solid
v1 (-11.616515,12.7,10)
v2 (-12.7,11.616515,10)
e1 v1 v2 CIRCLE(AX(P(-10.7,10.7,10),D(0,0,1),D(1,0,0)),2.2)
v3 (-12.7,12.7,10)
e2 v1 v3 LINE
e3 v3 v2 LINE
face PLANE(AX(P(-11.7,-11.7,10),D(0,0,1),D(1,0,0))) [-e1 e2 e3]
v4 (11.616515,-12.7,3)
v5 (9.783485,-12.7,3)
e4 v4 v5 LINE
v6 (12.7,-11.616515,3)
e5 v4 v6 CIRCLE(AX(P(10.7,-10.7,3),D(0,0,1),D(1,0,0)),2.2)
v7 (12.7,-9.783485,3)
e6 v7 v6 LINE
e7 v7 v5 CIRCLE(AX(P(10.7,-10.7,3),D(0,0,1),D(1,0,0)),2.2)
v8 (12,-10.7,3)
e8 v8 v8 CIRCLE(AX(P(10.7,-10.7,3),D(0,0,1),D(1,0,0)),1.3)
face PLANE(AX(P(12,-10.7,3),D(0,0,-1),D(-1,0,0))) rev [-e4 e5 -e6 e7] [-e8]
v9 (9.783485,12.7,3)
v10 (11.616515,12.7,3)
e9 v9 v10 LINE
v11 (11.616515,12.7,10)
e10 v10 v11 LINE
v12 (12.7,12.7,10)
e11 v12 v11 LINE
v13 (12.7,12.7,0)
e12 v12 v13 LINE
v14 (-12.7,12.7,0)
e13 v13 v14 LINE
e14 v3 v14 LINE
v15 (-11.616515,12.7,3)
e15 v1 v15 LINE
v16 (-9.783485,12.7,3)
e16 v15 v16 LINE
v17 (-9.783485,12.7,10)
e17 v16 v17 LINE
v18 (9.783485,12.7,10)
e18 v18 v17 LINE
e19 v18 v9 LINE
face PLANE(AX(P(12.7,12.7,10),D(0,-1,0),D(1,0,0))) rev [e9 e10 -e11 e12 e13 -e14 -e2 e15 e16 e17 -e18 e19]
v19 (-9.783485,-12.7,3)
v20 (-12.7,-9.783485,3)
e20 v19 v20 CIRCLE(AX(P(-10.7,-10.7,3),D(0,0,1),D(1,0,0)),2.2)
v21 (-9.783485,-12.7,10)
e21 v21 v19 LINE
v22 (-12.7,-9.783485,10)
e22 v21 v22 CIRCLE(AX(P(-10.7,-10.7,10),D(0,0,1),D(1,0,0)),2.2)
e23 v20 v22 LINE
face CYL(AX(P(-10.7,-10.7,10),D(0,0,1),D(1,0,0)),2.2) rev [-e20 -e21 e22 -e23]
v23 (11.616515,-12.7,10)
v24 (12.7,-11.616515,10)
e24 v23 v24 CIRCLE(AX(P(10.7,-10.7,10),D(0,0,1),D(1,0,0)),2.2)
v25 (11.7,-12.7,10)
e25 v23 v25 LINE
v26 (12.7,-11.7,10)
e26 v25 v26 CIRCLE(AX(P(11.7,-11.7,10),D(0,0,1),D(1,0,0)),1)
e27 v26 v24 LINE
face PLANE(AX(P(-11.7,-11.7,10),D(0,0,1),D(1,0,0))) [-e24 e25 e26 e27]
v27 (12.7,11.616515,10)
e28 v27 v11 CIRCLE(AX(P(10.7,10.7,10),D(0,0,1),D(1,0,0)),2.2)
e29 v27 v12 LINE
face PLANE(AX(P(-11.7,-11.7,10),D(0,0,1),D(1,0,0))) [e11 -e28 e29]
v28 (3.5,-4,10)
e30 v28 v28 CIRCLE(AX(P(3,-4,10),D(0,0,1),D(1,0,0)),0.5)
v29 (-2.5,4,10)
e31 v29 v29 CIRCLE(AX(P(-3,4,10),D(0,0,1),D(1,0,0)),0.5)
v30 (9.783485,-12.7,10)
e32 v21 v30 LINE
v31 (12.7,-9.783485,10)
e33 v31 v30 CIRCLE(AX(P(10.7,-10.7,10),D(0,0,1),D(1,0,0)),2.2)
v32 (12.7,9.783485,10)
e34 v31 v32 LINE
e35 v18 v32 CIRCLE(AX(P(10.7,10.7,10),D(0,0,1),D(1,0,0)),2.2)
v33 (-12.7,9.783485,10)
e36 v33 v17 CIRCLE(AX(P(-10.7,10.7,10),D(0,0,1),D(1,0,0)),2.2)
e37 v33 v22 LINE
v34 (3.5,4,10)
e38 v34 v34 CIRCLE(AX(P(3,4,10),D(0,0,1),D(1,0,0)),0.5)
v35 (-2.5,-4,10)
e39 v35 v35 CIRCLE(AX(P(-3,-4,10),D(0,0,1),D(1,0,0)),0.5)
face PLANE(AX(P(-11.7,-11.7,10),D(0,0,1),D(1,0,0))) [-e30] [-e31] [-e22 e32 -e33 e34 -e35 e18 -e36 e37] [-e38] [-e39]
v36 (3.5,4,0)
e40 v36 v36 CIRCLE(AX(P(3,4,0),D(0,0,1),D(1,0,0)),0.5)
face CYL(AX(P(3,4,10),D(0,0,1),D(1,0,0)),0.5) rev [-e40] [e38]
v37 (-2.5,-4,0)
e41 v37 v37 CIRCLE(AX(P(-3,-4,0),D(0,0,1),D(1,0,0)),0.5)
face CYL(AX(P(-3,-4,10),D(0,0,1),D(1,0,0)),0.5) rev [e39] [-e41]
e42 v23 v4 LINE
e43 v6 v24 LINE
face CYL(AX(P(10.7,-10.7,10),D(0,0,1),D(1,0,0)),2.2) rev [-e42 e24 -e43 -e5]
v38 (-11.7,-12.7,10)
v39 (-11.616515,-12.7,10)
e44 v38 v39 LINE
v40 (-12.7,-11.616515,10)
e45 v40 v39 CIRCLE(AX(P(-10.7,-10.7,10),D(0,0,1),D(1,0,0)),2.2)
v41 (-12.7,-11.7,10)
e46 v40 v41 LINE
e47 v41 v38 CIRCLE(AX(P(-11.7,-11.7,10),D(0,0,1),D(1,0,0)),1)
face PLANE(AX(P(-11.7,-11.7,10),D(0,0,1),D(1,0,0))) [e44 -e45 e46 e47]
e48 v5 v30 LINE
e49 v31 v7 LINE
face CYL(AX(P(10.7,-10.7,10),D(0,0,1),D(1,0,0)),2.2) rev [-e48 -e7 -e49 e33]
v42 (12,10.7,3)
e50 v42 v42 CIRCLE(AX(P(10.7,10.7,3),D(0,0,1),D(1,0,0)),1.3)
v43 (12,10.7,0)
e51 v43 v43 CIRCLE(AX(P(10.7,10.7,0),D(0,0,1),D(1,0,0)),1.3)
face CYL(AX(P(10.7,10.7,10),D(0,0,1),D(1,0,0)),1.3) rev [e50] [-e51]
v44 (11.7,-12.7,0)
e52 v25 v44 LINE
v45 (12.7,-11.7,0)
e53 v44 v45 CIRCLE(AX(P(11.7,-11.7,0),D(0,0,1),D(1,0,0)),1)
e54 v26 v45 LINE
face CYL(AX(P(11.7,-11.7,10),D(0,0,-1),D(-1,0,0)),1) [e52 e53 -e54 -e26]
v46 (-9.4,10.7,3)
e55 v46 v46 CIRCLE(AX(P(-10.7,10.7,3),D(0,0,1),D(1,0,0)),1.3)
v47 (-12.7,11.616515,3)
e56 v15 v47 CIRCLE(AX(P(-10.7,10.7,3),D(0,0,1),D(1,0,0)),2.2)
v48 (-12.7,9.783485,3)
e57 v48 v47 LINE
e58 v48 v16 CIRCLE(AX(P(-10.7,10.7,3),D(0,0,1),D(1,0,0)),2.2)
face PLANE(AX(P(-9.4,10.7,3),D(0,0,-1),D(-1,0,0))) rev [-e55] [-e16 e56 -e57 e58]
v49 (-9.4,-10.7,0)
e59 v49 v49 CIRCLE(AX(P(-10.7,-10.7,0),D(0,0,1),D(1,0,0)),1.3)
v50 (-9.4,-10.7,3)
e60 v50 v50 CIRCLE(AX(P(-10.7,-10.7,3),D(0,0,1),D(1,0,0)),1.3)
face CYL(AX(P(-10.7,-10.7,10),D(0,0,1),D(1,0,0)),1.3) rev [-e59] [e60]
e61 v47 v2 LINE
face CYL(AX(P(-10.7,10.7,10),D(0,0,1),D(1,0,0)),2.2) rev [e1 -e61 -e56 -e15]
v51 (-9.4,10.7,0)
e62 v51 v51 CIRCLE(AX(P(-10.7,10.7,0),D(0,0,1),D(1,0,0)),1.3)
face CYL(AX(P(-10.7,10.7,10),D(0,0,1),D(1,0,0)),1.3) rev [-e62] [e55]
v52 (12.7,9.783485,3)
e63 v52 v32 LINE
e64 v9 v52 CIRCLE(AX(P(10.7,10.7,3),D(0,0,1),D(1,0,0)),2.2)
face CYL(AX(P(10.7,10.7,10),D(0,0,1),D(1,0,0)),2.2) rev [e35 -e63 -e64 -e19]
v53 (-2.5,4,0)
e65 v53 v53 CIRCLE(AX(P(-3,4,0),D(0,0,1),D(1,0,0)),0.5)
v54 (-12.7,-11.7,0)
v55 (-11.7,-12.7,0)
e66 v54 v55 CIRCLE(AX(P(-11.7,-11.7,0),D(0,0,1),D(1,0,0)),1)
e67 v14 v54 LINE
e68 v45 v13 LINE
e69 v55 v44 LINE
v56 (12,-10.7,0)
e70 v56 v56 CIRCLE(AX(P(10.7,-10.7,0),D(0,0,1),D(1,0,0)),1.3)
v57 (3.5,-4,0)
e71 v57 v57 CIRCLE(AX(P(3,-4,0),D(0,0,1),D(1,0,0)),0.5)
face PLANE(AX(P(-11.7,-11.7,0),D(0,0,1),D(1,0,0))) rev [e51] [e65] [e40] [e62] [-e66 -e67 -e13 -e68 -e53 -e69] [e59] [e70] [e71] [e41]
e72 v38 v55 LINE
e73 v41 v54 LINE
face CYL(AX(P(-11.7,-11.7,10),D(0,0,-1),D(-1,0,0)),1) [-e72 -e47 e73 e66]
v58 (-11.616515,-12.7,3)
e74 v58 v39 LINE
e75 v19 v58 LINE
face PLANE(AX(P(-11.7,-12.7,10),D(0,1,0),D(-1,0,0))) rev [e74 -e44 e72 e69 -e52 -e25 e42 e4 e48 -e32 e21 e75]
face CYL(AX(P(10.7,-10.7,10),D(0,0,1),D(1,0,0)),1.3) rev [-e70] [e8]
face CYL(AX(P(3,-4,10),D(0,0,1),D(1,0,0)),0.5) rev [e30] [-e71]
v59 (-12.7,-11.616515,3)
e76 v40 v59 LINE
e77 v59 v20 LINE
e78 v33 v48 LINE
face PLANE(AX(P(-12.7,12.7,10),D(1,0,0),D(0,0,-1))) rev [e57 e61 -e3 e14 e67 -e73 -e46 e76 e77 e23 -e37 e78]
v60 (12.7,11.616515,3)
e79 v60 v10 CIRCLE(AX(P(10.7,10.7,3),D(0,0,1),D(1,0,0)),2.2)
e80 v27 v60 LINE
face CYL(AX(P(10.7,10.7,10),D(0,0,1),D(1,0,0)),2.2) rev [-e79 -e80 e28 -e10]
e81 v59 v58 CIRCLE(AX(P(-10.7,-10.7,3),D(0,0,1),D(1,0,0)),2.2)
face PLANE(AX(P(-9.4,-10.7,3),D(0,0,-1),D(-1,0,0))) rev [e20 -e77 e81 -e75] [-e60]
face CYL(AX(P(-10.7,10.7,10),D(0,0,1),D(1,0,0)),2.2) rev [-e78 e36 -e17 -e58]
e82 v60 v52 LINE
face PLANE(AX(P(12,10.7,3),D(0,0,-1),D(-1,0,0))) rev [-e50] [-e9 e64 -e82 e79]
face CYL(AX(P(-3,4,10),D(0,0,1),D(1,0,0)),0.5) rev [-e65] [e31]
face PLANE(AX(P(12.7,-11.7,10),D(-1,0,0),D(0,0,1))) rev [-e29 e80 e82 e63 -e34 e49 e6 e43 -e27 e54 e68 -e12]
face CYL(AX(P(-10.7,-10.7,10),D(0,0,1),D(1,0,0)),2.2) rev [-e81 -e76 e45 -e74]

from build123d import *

# Parameters (mm, degrees)
BOSS_EXTRUDE1_DEPTH            = 10
F_1_0MM_DOWEL_HOLE1_D          = 1
CBORE_FOR_M2_SHCS1_D           = 2.6
CBORE_FOR_M2_SHCS1_CBORE_D     = 4.4
CBORE_FOR_M2_SHCS1_CBORE_DEPTH = 7


with BuildPart() as part:
    # Sketch1 → Boss-Extrude1 (new body)
    with BuildSketch(Plane.XY):
        with BuildLine():
            Line((-12.7, 12.7), (-12.7, -11.7))
            ThreePointArc((-12.7, -11.7), (-12.407106781, -12.407106781), (-11.7, -12.7))
            Line((-11.7, -12.7), (11.7, -12.7))
            ThreePointArc((11.7, -12.7), (12.407106781, -12.407106781), (12.7, -11.7))
            Line((12.7, -11.7), (12.7, 12.7))
            Line((12.7, 12.7), (-12.7, 12.7))
        make_face()
    extrude(amount=BOSS_EXTRUDE1_DEPTH)

    # Ø1.0mm Dowel Hole1 (through all)
    with Locations(Plane.XY.offset(10)):
        with Locations((3, -4), (-3, -4), (-3, 4), (3, 4)):
            Hole(F_1_0MM_DOWEL_HOLE1_D / 2)

    # CBORE for M2 SHCS1 (through all)
    with Locations(Plane.XY.offset(10)):
        with Locations((10.7, -10.7), (-10.7, -10.7), (-10.7, 10.7), (10.7, 10.7)):
            CounterBoreHole(CBORE_FOR_M2_SHCS1_D / 2, CBORE_FOR_M2_SHCS1_CBORE_D / 2, CBORE_FOR_M2_SHCS1_CBORE_DEPTH)


solid = part.part
